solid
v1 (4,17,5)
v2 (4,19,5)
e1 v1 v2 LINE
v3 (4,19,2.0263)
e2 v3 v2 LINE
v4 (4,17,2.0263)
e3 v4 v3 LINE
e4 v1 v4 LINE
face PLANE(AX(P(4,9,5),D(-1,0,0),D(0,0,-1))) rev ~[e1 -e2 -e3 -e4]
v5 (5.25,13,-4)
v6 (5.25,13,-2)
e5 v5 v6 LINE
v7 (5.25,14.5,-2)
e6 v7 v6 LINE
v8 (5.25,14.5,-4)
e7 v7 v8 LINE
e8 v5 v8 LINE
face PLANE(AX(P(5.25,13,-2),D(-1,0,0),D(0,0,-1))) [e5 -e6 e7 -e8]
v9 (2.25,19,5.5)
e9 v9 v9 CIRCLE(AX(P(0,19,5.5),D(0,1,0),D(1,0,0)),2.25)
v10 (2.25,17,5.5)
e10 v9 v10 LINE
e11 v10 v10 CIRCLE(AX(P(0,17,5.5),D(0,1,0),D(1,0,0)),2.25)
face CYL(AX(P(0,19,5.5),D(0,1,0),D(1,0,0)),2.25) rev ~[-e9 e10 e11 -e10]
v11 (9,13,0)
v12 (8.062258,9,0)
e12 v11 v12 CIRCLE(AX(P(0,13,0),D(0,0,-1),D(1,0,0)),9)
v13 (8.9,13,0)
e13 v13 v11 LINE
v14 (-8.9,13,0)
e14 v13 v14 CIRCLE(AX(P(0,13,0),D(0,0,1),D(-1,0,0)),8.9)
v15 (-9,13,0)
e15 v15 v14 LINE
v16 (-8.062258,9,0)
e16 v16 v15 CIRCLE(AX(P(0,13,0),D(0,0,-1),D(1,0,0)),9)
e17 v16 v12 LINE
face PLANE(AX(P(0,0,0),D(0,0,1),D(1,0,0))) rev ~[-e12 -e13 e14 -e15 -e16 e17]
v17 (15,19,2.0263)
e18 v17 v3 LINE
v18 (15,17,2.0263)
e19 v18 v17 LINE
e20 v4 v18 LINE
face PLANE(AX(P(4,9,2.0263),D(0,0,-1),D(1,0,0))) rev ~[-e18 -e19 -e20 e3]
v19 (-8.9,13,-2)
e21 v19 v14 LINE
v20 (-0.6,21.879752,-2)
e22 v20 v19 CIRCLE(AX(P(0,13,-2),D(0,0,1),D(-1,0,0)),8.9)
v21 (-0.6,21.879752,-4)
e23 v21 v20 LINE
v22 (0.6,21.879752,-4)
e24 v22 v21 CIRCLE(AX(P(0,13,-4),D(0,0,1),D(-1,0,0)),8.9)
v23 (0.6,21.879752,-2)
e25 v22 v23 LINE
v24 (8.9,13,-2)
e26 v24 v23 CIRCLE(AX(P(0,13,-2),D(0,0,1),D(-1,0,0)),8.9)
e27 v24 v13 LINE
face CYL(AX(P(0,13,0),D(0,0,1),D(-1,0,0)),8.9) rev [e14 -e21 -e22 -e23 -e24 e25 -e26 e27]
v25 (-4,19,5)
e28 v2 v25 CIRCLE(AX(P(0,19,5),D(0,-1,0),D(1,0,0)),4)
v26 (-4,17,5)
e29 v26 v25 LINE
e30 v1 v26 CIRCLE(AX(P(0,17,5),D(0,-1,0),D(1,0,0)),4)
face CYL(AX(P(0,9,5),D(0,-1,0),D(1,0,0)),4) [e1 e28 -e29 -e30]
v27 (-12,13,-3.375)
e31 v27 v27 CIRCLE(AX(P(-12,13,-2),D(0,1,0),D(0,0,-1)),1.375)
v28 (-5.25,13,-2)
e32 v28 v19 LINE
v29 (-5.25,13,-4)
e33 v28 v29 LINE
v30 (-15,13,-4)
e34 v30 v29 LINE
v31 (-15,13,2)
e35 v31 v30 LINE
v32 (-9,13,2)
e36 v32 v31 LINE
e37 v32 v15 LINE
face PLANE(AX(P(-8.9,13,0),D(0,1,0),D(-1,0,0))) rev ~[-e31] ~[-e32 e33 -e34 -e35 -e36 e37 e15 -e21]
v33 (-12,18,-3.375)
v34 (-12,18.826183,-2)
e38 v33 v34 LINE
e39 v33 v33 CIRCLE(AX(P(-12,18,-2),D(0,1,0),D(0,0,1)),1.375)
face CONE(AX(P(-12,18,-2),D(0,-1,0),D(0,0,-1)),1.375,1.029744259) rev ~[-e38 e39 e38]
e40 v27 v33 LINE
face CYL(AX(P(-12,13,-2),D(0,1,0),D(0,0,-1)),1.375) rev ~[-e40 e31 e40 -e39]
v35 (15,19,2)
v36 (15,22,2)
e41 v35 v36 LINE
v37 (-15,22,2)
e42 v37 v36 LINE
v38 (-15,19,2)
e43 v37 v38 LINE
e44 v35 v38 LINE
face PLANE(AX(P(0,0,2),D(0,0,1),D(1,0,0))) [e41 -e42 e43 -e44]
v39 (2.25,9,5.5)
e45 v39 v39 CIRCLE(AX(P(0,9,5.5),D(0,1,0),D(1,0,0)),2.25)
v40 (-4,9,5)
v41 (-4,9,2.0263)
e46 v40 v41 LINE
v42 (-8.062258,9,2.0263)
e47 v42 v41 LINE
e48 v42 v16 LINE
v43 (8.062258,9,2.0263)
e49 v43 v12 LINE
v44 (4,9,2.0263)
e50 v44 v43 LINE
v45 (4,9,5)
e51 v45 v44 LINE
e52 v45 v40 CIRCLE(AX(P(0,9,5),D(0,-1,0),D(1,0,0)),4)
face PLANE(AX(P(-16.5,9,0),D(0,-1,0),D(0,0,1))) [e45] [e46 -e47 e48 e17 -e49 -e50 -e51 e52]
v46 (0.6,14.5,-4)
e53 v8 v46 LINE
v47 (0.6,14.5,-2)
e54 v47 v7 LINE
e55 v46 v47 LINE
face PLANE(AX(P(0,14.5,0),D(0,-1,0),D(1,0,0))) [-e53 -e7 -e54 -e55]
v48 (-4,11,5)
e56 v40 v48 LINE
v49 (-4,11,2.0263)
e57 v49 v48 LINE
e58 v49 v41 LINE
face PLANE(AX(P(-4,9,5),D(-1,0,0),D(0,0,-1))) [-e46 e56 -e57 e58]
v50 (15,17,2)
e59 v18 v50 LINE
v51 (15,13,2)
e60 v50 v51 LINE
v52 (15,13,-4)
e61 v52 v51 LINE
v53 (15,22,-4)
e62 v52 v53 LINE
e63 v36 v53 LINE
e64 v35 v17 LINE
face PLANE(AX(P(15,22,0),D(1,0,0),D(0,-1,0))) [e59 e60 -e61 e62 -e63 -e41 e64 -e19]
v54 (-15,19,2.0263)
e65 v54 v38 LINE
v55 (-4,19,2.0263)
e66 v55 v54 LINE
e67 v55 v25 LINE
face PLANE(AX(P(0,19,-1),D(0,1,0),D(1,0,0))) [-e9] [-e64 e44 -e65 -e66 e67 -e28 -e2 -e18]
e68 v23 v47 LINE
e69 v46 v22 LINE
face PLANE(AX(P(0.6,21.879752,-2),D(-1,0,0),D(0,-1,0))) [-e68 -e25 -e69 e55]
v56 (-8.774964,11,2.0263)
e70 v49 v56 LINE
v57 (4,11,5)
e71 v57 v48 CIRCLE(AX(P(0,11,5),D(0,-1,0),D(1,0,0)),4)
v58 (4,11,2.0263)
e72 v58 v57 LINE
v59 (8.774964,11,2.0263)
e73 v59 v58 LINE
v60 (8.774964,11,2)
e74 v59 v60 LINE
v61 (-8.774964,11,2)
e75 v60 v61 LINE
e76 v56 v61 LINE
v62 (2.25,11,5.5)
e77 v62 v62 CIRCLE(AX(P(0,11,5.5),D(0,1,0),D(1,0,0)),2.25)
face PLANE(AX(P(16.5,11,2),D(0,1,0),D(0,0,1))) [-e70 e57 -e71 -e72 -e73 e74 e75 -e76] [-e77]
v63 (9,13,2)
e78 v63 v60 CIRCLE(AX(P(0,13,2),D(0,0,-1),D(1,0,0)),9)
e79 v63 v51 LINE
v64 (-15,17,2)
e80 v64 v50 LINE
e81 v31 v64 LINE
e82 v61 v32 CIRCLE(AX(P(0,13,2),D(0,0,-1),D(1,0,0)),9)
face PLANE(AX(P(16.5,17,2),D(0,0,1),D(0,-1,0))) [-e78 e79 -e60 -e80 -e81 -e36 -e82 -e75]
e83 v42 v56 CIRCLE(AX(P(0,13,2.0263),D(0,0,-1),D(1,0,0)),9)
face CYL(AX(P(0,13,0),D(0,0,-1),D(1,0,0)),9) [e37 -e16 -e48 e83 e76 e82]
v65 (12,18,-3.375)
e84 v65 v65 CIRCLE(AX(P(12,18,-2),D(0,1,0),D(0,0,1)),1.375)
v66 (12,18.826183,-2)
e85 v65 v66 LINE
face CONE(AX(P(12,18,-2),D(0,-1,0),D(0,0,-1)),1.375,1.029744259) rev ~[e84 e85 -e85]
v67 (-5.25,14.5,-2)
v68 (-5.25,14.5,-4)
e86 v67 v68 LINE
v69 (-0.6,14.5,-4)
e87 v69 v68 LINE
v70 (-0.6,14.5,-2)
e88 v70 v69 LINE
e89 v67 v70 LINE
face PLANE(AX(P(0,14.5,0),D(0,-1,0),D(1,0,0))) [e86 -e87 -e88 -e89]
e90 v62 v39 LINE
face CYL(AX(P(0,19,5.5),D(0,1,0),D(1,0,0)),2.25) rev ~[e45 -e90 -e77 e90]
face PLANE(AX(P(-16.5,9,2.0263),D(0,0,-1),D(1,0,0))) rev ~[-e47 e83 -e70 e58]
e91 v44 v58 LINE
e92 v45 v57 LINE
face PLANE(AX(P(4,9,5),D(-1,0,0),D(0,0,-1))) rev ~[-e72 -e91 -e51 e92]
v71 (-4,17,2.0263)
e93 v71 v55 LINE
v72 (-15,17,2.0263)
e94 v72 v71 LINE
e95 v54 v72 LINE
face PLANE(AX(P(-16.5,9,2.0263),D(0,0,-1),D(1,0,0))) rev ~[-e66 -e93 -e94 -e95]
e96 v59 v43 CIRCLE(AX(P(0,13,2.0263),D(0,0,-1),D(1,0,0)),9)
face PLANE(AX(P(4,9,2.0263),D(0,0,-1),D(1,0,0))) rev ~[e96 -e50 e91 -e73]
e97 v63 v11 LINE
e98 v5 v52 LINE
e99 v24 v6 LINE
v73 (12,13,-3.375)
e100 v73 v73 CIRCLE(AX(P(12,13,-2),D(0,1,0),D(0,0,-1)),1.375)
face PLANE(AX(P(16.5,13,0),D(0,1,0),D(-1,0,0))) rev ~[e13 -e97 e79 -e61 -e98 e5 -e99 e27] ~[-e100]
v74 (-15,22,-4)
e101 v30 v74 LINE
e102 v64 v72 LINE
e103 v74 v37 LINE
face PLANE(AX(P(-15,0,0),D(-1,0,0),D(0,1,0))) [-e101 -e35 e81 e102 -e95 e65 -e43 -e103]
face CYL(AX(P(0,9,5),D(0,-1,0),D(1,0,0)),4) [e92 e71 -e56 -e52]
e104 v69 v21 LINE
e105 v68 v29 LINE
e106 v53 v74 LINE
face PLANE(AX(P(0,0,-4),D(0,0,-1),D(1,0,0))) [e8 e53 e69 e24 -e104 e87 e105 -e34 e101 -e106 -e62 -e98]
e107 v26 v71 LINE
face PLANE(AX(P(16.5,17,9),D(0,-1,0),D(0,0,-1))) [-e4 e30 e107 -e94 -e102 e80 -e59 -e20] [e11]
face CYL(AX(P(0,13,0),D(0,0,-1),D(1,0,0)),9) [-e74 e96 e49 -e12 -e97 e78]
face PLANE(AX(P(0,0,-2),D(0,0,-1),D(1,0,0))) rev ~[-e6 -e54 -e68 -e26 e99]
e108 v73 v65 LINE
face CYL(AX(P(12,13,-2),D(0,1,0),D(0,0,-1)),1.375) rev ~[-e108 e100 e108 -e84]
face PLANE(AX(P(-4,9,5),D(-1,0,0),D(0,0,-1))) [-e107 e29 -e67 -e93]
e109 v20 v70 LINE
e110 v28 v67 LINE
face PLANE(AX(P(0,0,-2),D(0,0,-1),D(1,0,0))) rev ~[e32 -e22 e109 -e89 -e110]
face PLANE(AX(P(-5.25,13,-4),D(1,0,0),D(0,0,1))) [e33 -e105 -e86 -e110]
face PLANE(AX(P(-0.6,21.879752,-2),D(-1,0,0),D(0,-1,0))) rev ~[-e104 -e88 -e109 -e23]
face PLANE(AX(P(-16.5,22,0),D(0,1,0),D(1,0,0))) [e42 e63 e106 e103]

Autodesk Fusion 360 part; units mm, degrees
sketch "スケッチ1" plane through (0, 0, 0) normal (0, 0, 1) x (1, 0, 0)
  line L0 (-16.5, 22) -> (16.5, 22)
  line L1 (16.5, 22) -> (16.5, 0)
  line L2 (16.5, 0) -> (-16.5, 0)
  line L3 (-16.5, 0) -> (-16.5, 22)
  dimension "d7" = 22
  dimension "d8" = 33
extrude "押し出し1" add sketch "スケッチ1" along normal blind 2
sketch "スケッチ3" plane through (0, 0, 0) normal (0, 0, -1) x (1, 0, 0)
  line L0 (16.5, 0) -> (-16.5, 0)
  line L1 (-16.5, 0) -> (-16.5, -22)
  line L2 (-16.5, -22) -> (16.5, -22)
  line L3 (16.5, -22) -> (16.5, 0)
  arc A0 (-8.9, -13) -> (8.9, -13) centre (0, -13) ccw
  line L4 (16.5, -13) -> (-16.5, -13)
  dimension "d9" = 17.8
  dimension "d10" = 9
extrude "押し出し2" add sketch "スケッチ3" along normal blind 2 contours L1 L2 L3 A0 L4
sketch "スケッチ4" plane through (0, 0, -2) normal (0, 0, -1) x (1, 0, 0)
  line L0 (-8.9, -13) -> (-16.5, -13)
  line L1 (-16.5, -13) -> (-16.5, -22)
  line L2 (-16.5, -22) -> (16.5, -22)
  line L3 (16.5, -22) -> (16.5, -13)
  line L4 (16.5, -13) -> (8.9, -13)
  arc A0 (-8.9, -13) -> (8.9, -13) centre (0, -13) ccw
  line L5 (16.5, -22) -> (0.6, -22)
  line L6 (0.6, -22) -> (0.6, -13)
  line L7 (0.6, -13) -> (16.5, -13)
  line L8 (16.5, -13) -> (16.5, -22)
  line L9 (-16.5, -22) -> (-0.6, -22)
  line L10 (-0.6, -22) -> (-0.6, -13)
  line L11 (-0.6, -13) -> (-16.5, -13)
  line L12 (-16.5, -13) -> (-16.5, -22)
  dimension "d13" = 1.2
extrude "押し出し3" add sketch "スケッチ4" along normal blind 2
sketch "スケッチ5" plane through (0, 0, 0) normal (0, 0, -1) x (1, 0, 0)
  line L0 (8.9, -13) -> (16.5, -13)
  line L1 (16.5, -13) -> (16.5, 0)
  line L2 (16.5, 0) -> (-16.5, 0)
  line L3 (-16.5, 0) -> (-16.5, -13)
  line L4 (-16.5, -13) -> (-8.9, -13)
  arc A0 (-8.9, -13) -> (8.9, -13) centre (0, -13) ccw
  line L5 (-3.75, 0) -> (3.75, 0)
  line L6 (3.75, 0) -> (3.75, -18)
  line L7 (3.75, -18) -> (-3.75, -18)
  line L8 (-3.75, -18) -> (-3.75, 0)
  line L9 (0, -1.75) -> (0, -22.5)
  line L10 (3.75, -7) -> (16.5, -7)
  line L11 (-3.75, -7) -> (-16.5, -7)
  dimension "d17" = 7.5
  dimension "d18" = 11
  dimension "d19" = 11
sketch "スケッチ9" plane through (0, 13, 0) normal (0, -1, 0) x (1, 0, 0)
  line L0 (-8.9, 0) -> (-16.5, 0)
  line L1 (-16.5, 0) -> (-16.5, -4)
  line L2 (-16.5, -4) -> (-0.6, -4)
  line L3 (-0.6, -4) -> (-0.6, -2)
  line L4 (-0.6, -2) -> (-8.9, -2)
  line L5 (-8.9, -2) -> (-8.9, 0)
  line L6 (-5.25, -2) -> (5.25, -2)
  line L7 (5.25, -2) -> (5.25, -4)
  line L8 (5.25, -4) -> (-5.25, -4)
  line L9 (-5.25, -4) -> (-5.25, -2)
  line L10 (16.5, -4) -> (0.6, -4)
  dimension "d37" = 10.5
  dimension "d38" = 5.25
extrude "押し出し7" cut sketch "スケッチ9" against normal blind 1.5 contours L2 L3 L4 L6 L8 L9 | L3 L6 L7 L8 L10
sketch "スケッチ11" plane through (0, 22, 0) normal (0, 1, 0) x (-1, 0, 0)
  line L0 (16.5, -4) -> (16.5, 2)
  line L1 (16.5, 2) -> (-16.5, 2)
  line L2 (-16.5, 2) -> (-16.5, -4)
  line L3 (-16.5, -4) -> (16.5, -4)
  line L4 (16.5, 2) -> (-13.5, 2)
  line L5 (-13.5, 2) -> (-13.5, 12)
  line L6 (-13.5, 12) -> (16.5, 12)
  line L7 (16.5, 12) -> (16.5, 2)
  dimension "d49" = 10
ref_plane "作業平面1" through (0, 11, -1) normal (0, 1, 0) x (-1, 0, 0)
sketch "スケッチ13" plane through (0, 11, -1) normal (0, 1, 0) x (1, 0, 0)
  line L0 (16.5, -10) -> (-16.5, -10)
  line L1 (-16.5, -10) -> (-16.5, -3)
  line L2 (-16.5, -3) -> (16.5, -3)
  line L3 (16.5, -3) -> (16.5, -10)
  line L4 (16.5, 3) -> (16.5, -3)
  line L5 (-16.5, 3) -> (-16.5, -3)
  circle A0 centre (0, -6.5) radius 2.25
  dimension "d53" = 7
  dimension "d54" = 4.5
  dimension "d58" = 3.5
extrude "押し出し11" add sketch "スケッチ13" along normal blind -2 and the other way blind -8
sketch "Sketch17" plane through (16.5, 0, 0) normal (1, 0, 0) x (0, 1, 0)
  line L0 (22, -4) -> (22, 2)
  line L1 (22, 2) -> (19, 2)
  line L2 (19, 2) -> (19, 9)
  line L3 (19, 9) -> (9, 9)
  line L4 (9, 9) -> (9, 2)
  line L5 (9, 2) -> (0, 2)
  line L6 (0, 2) -> (0, 0)
  line L7 (0, 0) -> (13, 0)
  line L8 (13, 0) -> (13, -4)
  line L9 (13, -4) -> (22, -4)
  line L10 (11, 9) -> (17, 9)
  line L11 (17, 9) -> (17, 2)
  line L12 (17, 2) -> (11, 2)
  line L13 (11, 2) -> (11, 9)
extrude "Extrude15" cut sketch "Sketch17" against normal blind 400 contours L3 L10 L11 L12 L13
sketch "Sketch18" plane through (-16.5, 0, 0) normal (-1, 0, 0) x (0, -1, 0)
  line L0 (-11, 9) -> (-11, 2)
  line L1 (-11, 2) -> (-17, 2)
  line L2 (-17, 2) -> (-17, 9)
  line L3 (-17, 9) -> (-19, 9)
  line L4 (-19, 9) -> (-19, 2)
  line L5 (-19, 2) -> (-22, 2)
  line L6 (-22, 2) -> (-22, -4)
  line L7 (-22, -4) -> (-13, -4)
  line L8 (-13, -4) -> (-13, 0)
  line L9 (-13, 0) -> (0, 0)
  line L10 (0, 0) -> (0, 2)
  line L11 (0, 2) -> (-9, 2)
  line L12 (-9, 2) -> (-9, 9)
  line L13 (-9, 9) -> (-11, 9)
  line L14 (-9, 2) -> (0, 2)
  line L15 (0, 2) -> (0, 0)
  line L16 (0, 0) -> (-9, 0)
  line L17 (-9, 0) -> (-9, 2)
extrude "Extrude16" cut sketch "Sketch18" against normal blind 34 contours L9 L10 L11 L14 L15 L16 L17
sketch "Sketch19" plane through (0, 13, 0) normal (0, -1, 0) x (1, 0, 0)
  line L0 (5.25, -2) -> (5.25, -4)
  line L1 (5.25, -4) -> (16.5, -4)
  line L2 (16.5, -4) -> (16.5, 0)
  line L3 (16.5, 0) -> (8.9, 0)
  line L4 (8.9, 0) -> (8.9, -2)
  line L5 (8.9, -2) -> (5.25, -2)
  line L6 (0.6, -2) -> (16.5, -2)
  line L7 (-0.6, -2) -> (-16.5, -2)
  point P0 (12, -2)
  point P1 (-12, -2)
hole "Hole1" at (-12, 13, -2) at (12, 13, -2) direction (0, 1, 0) diameter 2.75 depth 5 tip angle 118
sketch "Sketch20" plane through (0, 9, 0) normal (0, -1, 0) x (1, 0, 0)
  circle A0 centre (0, 5.5) radius 2.25
  line L0 (16.5, 0) -> (16.5, 9)
  line L1 (16.5, 9) -> (-16.5, 9)
  line L2 (-16.5, 9) -> (-16.5, 0)
  line L3 (-16.5, 0) -> (16.5, 0)
  circle A1 centre (0, 5) radius 4
  curve L4
  curve L5
  curve L6
  curve L7
  line L8 (-16.5, 2.0263) -> (16.5, 2.0263)
  line L9 (16.5, 2.0263) -> (16.5, 0)
  line L10 (16.5, 0) -> (-16.5, 0)
  line L11 (-16.5, 0) -> (-16.5, 2.0263)
  line L12 (-4, 5) -> (-4, 2.0263)
  line L13 (4, 5) -> (4, 2.0263)
  point P0 (-16.5, 2)
extrude "Extrude17" cut sketch "Sketch20" against normal blind 150 contours L0 L1 A1 L8 L13 | L1 L2 A1 L8 L12
sketch "Sketch21" plane through (0, 0, -4) normal (0, 0, -1) x (1, 0, 0)
  line L0 (5.25, -13) -> (5.25, -14.5)
  line L1 (5.25, -14.5) -> (0.6, -14.5)
  line L2 (0.6, -14.5) -> (0.6, -21.8798)
  arc A0 (-0.6, -21.8798) -> (0.6, -21.8798) centre (0, -13) ccw
  line L3 (-0.6, -21.8798) -> (-0.6, -14.5)
  line L4 (-0.6, -14.5) -> (-5.25, -14.5)
  line L5 (-5.25, -14.5) -> (-5.25, -13)
  line L6 (-5.25, -13) -> (-16.5, -13)
  line L7 (-16.5, -13) -> (-16.5, -22)
  line L8 (-16.5, -22) -> (16.5, -22)
  line L9 (16.5, -22) -> (16.5, -13)
  line L10 (16.5, -13) -> (5.25, -13)
sketch "Sketch22" plane through (0, 0, 0) normal (0, 0, -1) x (1, 0, 0)
  line L0 (16.5, -9) -> (-16.5, -9)
  line L1 (-16.5, -9) -> (-16.5, -13)
  line L2 (-16.5, -13) -> (-8.9, -13)
  arc A0 (-8.9, -13) -> (8.9, -13) centre (0, -13) ccw
  line L3 (8.9, -13) -> (16.5, -13)
  line L4 (16.5, -13) -> (16.5, -9)
  circle A1 centre (0, -13) radius 9
extrude "Extrude18" cut sketch "Sketch22" against normal blind 10 contours L0 L3 L4 A1 | L0 L1 L2 A1
move_face "OffsetFaces1" offset -1 1 faces at (16.5, 17.3333, -2)
move_face "OffsetFaces2" offset -0.5 1 faces at (15.5, 17.3333, -2)
move_face "OffsetFaces3" offset -1.5 1 faces at (-16.5, 17.3333, -2)
move_face "OffsetFaces4" offset 1 1 faces at (5, 22, 0)
move_face "OffsetFaces5" offset -1 1 faces at (5, 23, 0)
